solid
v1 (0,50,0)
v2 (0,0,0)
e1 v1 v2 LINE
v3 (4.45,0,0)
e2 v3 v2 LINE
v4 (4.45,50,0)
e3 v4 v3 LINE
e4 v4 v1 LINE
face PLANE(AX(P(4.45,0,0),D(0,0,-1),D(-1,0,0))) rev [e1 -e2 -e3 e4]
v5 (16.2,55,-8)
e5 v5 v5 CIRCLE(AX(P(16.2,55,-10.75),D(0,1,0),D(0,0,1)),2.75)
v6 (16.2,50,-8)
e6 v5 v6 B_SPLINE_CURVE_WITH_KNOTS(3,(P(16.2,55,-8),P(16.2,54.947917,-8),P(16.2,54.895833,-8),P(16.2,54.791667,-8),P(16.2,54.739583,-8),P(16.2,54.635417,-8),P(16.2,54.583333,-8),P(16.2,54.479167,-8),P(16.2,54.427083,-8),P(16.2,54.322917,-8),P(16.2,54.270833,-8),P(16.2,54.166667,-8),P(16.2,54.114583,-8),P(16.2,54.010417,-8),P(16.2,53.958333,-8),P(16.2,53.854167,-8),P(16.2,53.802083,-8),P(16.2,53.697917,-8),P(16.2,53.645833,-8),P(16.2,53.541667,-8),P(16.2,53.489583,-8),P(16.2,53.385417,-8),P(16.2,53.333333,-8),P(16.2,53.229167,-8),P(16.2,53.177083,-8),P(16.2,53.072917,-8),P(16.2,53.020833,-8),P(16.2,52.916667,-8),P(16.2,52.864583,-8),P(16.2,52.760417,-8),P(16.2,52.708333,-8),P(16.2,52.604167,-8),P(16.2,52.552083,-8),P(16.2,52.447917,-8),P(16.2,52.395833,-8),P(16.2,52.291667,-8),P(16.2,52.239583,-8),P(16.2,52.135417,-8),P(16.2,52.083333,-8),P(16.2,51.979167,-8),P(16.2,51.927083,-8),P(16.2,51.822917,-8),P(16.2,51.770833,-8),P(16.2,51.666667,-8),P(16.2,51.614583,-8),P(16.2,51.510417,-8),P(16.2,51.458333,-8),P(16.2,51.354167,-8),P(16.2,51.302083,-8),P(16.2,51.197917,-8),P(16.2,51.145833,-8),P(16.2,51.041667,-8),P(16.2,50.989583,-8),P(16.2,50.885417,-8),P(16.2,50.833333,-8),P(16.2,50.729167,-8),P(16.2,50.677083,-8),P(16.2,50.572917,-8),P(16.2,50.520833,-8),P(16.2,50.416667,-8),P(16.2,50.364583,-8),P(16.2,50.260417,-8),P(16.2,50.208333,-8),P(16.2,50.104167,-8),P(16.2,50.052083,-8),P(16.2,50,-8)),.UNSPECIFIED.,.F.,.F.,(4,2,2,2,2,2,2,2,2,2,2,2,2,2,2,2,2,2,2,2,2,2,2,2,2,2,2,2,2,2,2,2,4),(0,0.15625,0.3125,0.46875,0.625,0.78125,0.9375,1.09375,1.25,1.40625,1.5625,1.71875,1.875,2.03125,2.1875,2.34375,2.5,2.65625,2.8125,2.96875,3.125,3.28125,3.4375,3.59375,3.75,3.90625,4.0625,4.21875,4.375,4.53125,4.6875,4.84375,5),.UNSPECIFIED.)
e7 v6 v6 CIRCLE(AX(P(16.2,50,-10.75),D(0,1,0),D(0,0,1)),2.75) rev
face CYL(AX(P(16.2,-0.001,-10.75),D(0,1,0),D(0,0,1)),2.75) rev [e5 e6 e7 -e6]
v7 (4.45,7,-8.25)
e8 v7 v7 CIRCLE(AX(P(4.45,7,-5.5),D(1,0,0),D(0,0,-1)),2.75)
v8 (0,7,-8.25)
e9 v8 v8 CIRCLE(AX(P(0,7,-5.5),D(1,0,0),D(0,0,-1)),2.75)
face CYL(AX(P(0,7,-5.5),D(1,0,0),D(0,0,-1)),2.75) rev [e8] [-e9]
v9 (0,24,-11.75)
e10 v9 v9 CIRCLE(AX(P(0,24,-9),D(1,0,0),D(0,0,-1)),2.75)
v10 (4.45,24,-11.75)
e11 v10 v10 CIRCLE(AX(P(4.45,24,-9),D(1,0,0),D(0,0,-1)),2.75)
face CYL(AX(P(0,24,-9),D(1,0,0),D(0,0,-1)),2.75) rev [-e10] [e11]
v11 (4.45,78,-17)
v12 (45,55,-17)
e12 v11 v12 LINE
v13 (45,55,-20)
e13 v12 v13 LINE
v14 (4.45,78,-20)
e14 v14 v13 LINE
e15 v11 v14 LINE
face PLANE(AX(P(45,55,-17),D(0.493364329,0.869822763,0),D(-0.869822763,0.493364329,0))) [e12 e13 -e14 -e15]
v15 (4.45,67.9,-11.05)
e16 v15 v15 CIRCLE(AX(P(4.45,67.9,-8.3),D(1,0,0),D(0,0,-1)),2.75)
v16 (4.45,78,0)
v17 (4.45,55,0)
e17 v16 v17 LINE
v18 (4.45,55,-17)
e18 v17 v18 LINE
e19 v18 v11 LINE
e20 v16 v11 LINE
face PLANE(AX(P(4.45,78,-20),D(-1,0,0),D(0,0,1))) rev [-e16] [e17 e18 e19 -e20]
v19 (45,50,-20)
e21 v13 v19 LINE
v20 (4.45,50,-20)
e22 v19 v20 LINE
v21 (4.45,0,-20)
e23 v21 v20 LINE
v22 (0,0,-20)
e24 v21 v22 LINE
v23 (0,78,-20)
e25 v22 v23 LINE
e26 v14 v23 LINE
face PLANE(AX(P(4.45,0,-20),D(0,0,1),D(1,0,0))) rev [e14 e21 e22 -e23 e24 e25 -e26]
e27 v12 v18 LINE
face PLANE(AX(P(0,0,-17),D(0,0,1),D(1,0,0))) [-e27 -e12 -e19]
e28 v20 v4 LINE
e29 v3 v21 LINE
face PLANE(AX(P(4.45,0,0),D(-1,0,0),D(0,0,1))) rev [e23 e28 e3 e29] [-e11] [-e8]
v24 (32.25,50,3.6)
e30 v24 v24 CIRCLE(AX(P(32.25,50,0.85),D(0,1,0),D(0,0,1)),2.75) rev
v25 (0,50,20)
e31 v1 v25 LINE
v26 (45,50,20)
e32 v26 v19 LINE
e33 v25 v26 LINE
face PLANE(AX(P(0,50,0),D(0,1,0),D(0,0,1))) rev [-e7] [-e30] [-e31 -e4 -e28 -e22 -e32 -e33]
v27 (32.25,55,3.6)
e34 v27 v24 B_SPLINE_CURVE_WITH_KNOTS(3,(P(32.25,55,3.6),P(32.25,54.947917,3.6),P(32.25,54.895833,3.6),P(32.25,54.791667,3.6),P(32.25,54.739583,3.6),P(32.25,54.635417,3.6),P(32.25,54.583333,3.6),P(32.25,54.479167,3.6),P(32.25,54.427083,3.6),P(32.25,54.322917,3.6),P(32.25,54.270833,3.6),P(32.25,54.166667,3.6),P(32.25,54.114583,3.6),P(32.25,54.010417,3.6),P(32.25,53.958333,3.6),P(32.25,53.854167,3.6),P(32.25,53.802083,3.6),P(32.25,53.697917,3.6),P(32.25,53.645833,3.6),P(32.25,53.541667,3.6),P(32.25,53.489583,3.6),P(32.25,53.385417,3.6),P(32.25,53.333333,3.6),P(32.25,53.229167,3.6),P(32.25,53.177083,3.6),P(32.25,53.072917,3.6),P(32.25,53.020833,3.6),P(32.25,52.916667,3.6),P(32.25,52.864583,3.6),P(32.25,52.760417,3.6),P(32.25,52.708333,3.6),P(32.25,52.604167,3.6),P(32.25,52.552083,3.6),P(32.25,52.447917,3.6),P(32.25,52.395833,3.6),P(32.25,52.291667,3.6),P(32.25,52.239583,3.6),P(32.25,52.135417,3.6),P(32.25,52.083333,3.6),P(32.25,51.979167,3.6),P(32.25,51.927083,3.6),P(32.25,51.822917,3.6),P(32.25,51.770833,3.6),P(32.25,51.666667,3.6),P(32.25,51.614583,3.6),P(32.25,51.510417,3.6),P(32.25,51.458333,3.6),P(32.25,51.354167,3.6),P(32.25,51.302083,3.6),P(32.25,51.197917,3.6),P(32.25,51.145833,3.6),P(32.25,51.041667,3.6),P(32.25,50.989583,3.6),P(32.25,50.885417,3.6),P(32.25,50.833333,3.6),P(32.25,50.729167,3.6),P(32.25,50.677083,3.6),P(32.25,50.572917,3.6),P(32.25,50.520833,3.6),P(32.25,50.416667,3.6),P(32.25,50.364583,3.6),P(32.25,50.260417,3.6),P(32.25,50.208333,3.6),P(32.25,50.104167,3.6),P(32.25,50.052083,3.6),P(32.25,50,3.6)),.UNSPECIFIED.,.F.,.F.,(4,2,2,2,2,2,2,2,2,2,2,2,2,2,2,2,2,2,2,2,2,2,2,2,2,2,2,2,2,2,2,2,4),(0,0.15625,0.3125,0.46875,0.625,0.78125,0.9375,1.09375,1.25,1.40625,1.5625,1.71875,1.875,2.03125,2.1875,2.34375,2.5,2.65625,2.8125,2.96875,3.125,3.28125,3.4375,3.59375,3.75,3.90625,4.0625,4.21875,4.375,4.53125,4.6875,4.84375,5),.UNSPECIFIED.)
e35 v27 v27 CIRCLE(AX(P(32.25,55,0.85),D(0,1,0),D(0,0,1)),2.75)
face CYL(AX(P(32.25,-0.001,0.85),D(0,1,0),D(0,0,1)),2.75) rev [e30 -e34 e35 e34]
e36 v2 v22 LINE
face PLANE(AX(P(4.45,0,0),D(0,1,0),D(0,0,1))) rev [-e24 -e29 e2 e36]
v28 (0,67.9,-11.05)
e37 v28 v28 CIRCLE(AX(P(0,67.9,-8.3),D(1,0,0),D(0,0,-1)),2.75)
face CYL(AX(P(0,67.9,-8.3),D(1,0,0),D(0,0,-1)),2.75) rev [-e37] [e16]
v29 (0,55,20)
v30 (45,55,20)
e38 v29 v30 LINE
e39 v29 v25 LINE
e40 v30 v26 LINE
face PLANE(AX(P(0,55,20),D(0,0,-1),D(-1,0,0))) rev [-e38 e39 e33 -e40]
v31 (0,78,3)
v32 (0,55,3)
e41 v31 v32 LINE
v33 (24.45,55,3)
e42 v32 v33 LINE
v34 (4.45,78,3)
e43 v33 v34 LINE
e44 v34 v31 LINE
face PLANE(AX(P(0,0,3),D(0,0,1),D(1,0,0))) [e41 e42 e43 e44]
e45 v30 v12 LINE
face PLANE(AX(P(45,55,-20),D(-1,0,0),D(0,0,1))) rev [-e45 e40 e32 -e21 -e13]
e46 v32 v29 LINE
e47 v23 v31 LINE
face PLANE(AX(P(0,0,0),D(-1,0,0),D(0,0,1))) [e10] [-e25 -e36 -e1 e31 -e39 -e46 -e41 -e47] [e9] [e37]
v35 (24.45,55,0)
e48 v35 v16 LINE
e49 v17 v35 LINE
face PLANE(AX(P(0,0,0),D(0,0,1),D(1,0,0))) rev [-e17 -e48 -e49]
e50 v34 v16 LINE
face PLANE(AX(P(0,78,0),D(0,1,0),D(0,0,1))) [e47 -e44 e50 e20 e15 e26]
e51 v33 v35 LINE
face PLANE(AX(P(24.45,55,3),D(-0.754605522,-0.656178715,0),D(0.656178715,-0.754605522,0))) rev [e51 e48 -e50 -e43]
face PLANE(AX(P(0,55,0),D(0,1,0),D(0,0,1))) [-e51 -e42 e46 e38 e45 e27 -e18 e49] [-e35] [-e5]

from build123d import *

# Parameters (mm, degrees)
SKETCH1_W           = 20
SKETCH1_H           = 50
BOSS_EXTRUDE1_DEPTH = 4.45
SKETCH2_W           = 45
SKETCH2_H           = 40
BOSS_EXTRUDE2_DEPTH = 5
CUT_EXTRUDE1_REACH  = 75.824
SKETCH4_R           = 2.75
SKETCH5_R           = 2.75
CUT_EXTRUDE2_DEPTH  = 72.199034404
SKETCH6_W           = 4.45
SKETCH6_H           = 20
BOSS_EXTRUDE3_DEPTH = 23
SKETCH7_R           = 2.75
CUT_EXTRUDE3_DEPTH  = 91.157098999
BOSS_EXTRUDE4_DEPTH = 3
BOSS_EXTRUDE5_DEPTH = 3


with BuildPart() as part:
    # Sketch1 → Boss-Extrude1 (new body)
    with BuildSketch(Plane(origin=(0, 0, 0), x_dir=(0, 0, -1), z_dir=(1, 0, 0))):
        with Locations((10, 25)):
            Rectangle(SKETCH1_W, SKETCH1_H)
    extrude(amount=BOSS_EXTRUDE1_DEPTH)

    # Sketch2 → Boss-Extrude2 (add)
    with BuildSketch(Plane(origin=(0, 50, 0), x_dir=(1, 0, 0), z_dir=(0, 1, 0))):
        with Locations((22.5, 0)):
            Rectangle(SKETCH2_W, SKETCH2_H)
    extrude(amount=BOSS_EXTRUDE2_DEPTH)

    # Sketch4 → Cut-Extrude1 (cut, up to next)
    with BuildSketch(Plane(origin=(0, 55, 0), x_dir=(1, 0, 0), z_dir=(0, 1, 0)), mode=Mode.PRIVATE) as cut_extrude1_sk1:
        with Locations(Location((32.25, -0.85, 0), (0, 0, 270))):
            Circle(SKETCH4_R)
    cut_extrude1_tool1 = extrude(cut_extrude1_sk1.sketch, amount=-CUT_EXTRUDE1_REACH, mode=Mode.PRIVATE) & part.part
    # Sketch4 → Cut-Extrude1 (cut, up to next)
    with BuildSketch(Plane(origin=(0, 55, 0), x_dir=(1, 0, 0), z_dir=(0, 1, 0)), mode=Mode.PRIVATE) as cut_extrude1_sk2:
        with Locations(Location((16.2, 10.75, 0), (0, 0, 270))):
            Circle(SKETCH4_R)
    cut_extrude1_tool2 = extrude(cut_extrude1_sk2.sketch, amount=-CUT_EXTRUDE1_REACH, mode=Mode.PRIVATE) & part.part
    add(cut_extrude1_tool1.solids().sort_by_distance((32.25, 55, 0.85))[0], mode=Mode.SUBTRACT)
    add(cut_extrude1_tool2.solids().sort_by_distance((16.2, 55, -10.75))[0], mode=Mode.SUBTRACT)

    # Sketch5 → Cut-Extrude2 (cut, through all)
    with BuildSketch(Plane(origin=(4.45, 0, 0), x_dir=(0, 0, -1), z_dir=(1, 0, 0))):
        with Locations((9, 24)):
            Circle(SKETCH5_R)
        with Locations((5.5, 7)):
            Circle(SKETCH5_R)
    extrude(amount=-CUT_EXTRUDE2_DEPTH, mode=Mode.SUBTRACT)

    # Sketch6 → Boss-Extrude3 (add)
    with BuildSketch(Plane(origin=(0, 55, 0), x_dir=(1, 0, 0), z_dir=(0, 1, 0))):
        with Locations((2.225, 10)):
            Rectangle(SKETCH6_W, SKETCH6_H)
    extrude(amount=BOSS_EXTRUDE3_DEPTH)

    # Sketch7 → Cut-Extrude3 (cut, through all)
    with BuildSketch(Plane(origin=(4.45, 0, 0), x_dir=(0, 0, -1), z_dir=(1, 0, 0))):
        with Locations((8.3, 67.9)):
            Circle(SKETCH7_R)
    extrude(amount=-CUT_EXTRUDE3_DEPTH, mode=Mode.SUBTRACT)

    # Sketch8 → Boss-Extrude4 (add)
    with BuildSketch(Plane(origin=(0, 0, -20), x_dir=(-1, 0, 0), z_dir=(0, 0, -1))):
        Polygon((-4.45, 78), (-4.45, 55), (-45, 55), align=None)
    extrude(amount=-BOSS_EXTRUDE4_DEPTH)

    # Sketch9 → Boss-Extrude5 (add)
    with BuildSketch(Plane.XY):
        Polygon((4.45, 55), (24.45, 55), (4.45, 78), (0, 78), (0, 55), align=None)
    extrude(amount=BOSS_EXTRUDE5_DEPTH)


solid = part.part
